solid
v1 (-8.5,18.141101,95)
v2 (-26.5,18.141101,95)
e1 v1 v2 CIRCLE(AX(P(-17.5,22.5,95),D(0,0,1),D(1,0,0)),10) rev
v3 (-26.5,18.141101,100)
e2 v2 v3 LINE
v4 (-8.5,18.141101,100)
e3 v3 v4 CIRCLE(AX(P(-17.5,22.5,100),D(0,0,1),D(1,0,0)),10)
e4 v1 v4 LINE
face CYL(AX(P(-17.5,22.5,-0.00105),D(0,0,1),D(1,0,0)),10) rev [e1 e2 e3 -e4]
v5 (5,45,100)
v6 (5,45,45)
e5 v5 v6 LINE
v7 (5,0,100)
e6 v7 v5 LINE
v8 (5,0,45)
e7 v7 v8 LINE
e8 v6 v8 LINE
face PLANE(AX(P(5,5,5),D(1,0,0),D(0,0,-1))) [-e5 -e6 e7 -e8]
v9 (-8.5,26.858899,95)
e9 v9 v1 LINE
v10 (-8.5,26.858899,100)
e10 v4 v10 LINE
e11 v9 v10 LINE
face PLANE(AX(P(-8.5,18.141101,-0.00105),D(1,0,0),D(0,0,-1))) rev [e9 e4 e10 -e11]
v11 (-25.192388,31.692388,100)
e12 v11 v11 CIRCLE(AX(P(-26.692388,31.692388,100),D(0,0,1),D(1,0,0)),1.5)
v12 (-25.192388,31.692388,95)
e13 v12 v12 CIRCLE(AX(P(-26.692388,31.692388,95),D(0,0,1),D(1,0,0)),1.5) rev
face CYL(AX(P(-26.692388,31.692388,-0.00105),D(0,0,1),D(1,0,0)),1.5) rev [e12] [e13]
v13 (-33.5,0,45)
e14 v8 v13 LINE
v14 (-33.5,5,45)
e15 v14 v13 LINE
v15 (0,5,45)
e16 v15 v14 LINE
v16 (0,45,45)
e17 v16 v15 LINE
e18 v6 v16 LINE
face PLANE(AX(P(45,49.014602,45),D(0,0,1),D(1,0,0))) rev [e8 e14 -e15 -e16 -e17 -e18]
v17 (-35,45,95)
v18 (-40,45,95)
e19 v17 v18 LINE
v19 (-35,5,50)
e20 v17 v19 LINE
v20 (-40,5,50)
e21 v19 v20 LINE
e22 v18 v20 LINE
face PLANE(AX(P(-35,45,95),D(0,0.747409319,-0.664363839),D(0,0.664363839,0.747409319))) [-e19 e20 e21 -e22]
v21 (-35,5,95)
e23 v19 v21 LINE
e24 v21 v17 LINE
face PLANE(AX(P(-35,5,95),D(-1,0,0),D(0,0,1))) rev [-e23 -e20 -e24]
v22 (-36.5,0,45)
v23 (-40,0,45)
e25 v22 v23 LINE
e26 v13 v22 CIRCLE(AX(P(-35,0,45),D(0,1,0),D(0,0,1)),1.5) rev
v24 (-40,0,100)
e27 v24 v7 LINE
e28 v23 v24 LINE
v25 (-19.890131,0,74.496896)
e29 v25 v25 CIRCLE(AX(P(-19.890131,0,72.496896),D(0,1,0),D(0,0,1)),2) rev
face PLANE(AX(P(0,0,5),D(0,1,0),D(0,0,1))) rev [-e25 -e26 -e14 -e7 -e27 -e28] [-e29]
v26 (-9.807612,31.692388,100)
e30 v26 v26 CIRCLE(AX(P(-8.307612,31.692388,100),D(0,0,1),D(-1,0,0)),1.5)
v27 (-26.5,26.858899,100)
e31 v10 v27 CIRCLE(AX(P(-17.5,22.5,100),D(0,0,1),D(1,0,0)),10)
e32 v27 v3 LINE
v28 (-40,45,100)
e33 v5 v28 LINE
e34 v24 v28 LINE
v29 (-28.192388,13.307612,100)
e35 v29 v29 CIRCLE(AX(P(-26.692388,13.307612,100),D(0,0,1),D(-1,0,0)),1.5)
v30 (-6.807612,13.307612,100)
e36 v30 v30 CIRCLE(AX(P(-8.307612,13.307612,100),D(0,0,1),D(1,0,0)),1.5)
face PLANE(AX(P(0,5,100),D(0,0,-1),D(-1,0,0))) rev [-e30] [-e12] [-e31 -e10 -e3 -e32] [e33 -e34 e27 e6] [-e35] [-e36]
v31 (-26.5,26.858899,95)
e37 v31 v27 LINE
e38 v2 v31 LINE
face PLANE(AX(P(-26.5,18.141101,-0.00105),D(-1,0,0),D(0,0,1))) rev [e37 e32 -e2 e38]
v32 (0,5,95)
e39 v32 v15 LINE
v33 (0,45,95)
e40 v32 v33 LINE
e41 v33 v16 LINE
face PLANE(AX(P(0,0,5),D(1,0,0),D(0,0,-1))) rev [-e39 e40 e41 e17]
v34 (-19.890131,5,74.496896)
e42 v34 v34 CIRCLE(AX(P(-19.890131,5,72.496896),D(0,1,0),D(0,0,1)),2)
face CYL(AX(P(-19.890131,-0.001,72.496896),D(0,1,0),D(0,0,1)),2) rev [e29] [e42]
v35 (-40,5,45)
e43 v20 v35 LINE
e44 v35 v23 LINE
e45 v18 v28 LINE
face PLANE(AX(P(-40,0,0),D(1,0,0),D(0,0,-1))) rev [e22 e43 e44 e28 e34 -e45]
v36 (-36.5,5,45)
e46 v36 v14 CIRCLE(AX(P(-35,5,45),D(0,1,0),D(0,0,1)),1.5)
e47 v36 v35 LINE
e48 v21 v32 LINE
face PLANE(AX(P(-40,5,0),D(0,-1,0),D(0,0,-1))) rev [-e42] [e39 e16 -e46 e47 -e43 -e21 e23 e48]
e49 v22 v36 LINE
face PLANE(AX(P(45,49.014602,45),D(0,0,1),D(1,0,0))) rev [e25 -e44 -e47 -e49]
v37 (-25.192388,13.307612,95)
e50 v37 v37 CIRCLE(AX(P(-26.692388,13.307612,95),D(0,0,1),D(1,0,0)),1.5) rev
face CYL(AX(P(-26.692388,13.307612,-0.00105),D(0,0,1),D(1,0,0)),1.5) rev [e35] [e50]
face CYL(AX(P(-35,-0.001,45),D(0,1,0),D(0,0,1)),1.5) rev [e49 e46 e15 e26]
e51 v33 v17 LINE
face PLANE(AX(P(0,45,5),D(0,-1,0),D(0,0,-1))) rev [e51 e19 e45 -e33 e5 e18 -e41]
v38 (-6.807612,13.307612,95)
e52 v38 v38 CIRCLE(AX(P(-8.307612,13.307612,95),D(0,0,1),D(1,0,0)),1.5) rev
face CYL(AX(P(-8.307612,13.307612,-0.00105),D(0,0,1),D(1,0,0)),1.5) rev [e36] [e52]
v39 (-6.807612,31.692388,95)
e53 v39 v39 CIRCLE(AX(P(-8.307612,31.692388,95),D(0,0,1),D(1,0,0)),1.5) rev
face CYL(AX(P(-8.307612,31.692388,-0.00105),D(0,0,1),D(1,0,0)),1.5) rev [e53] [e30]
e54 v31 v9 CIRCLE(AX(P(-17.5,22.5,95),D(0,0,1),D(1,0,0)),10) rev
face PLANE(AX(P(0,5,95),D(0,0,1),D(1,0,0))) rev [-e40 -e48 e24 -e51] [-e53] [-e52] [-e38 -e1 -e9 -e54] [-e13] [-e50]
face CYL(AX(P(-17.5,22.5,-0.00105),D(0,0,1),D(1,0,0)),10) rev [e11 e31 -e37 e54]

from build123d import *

# Parameters (mm, degrees)
ESQUISSE1_W             = 45
ESQUISSE1_H             = 45
ESQUISSE1_R             = 1.5
EXTRUSION1_DEPTH        = 5
ESQUISSE2_W             = 45
ESQUISSE2_H             = 5
EXTRUSION2_DEPTH        = 95
EXTRUSION3_DEPTH        = 5
ESQUISSE4_W             = 95
ESQUISSE4_H             = 40
EXTRUSION4_DEPTH        = 5
ESQUISSE5_W             = 100
ESQUISSE5_H             = 5
EXTRUSION5_DEPTH        = 40
ESQUISSE6_W             = 40
ESQUISSE6_H             = 40
EXTRUSION6_DEPTH        = 5
EXTRUSION7_DEPTH        = 5
ENL_V_MAT_EXTRU_1_REACH = 102
ESQUISSE8_R             = 1.5
ENL_V_MAT_EXTRU_2_REACH = 7
ESQUISSE9_R             = 1.5
ESQUISSE10_W            = 88.935907412
ESQUISSE10_H            = 49.014601793
ENL_V_MAT_EXTRU_3_DEPTH = 45
ESQUISSE11_W            = 62.142779394
ESQUISSE11_H            = 38.028527447
ENL_V_MAT_EXTRU_4_DEPTH = 40
ENL_V_MAT_EXTRU_5_REACH = 7
ESQUISSE12_R            = 2


with BuildPart() as part:
    # Esquisse1 → Extrusion1 (new body)
    with BuildSketch(Plane.XY):
        with Locations((22.5, 22.5)):
            Rectangle(ESQUISSE1_W, ESQUISSE1_H)
        with Locations((31.692388155, 31.692388155)):
            Circle(ESQUISSE1_R, mode=Mode.SUBTRACT)
        with Locations((31.692388155, 13.307611845)):
            Circle(ESQUISSE1_R, mode=Mode.SUBTRACT)
        with Locations((13.307611845, 13.307611845)):
            Circle(ESQUISSE1_R, mode=Mode.SUBTRACT)
        with Locations((13.307611845, 31.692388155)):
            Circle(ESQUISSE1_R, mode=Mode.SUBTRACT)
        with BuildLine():
            Line((13.5, 26.858898944), (13.5, 18.141101056))
            ThreePointArc((13.5, 18.141101056), (22.5, 12.5), (31.5, 18.141101056))
            Line((31.5, 18.141101056), (31.5, 26.858898944))
            ThreePointArc((31.5, 26.858898944), (22.5, 32.5), (13.5, 26.858898944))
        make_face(mode=Mode.SUBTRACT)
    extrude(amount=EXTRUSION1_DEPTH)

    # Esquisse2 → Extrusion2 (add)
    with BuildSketch(Plane.XY.offset(5)):
        with Locations((22.5, 2.5)):
            Rectangle(ESQUISSE2_W, ESQUISSE2_H)
    extrude(amount=EXTRUSION2_DEPTH)

    # Esquisse3 → Extrusion3 (add)
    with BuildSketch(Plane(origin=(45, 0, 0), x_dir=(0, 0, -1), z_dir=(1, 0, 0))):
        Polygon((-5, 5), (-5, 45), (-50, 5), align=None)
    extrude(amount=-EXTRUSION3_DEPTH)

    # Esquisse4 → Extrusion4 (add)
    with BuildSketch(Plane.ZY):
        with Locations((52.5, 25)):
            Rectangle(ESQUISSE4_W, ESQUISSE4_H)
    extrude(amount=-EXTRUSION4_DEPTH)

    # Esquisse5 → Extrusion5 (add)
    with BuildSketch(Plane.ZY):
        with Locations((50, 2.5)):
            Rectangle(ESQUISSE5_W, ESQUISSE5_H)
    extrude(amount=EXTRUSION5_DEPTH)

    # Esquisse6 → Extrusion6 (add)
    with BuildSketch(Plane.XY.offset(100)):
        with Locations((-20, 25)):
            Rectangle(ESQUISSE6_W, ESQUISSE6_H)
    extrude(amount=-EXTRUSION6_DEPTH)

    # Esquisse7 → Extrusion7 (add)
    with BuildSketch(Plane.ZY.offset(40)):
        Polygon((95, 5), (95, 45), (50, 5), align=None)
    extrude(amount=-EXTRUSION7_DEPTH)

    # Esquisse8 → Enlèv. mat.-Extru.1 (cut, up to next)
    with BuildSketch(Plane.XY.offset(100), mode=Mode.PRIVATE) as enl_v_mat_extru_1_sk1:
        with Locations((-26.692388155, 31.692388155)):
            Circle(ESQUISSE8_R)
    enl_v_mat_extru_1_tool1 = extrude(enl_v_mat_extru_1_sk1.sketch, amount=-ENL_V_MAT_EXTRU_1_REACH, mode=Mode.PRIVATE) & part.part
    add(enl_v_mat_extru_1_tool1.solids().sort_by_distance((-26.692388, 31.692388, 100))[0], mode=Mode.SUBTRACT)
    # Esquisse8 → Enlèv. mat.-Extru.1 (cut, up to next)
    with BuildSketch(Plane.XY.offset(100), mode=Mode.PRIVATE) as enl_v_mat_extru_1_sk2:
        with Locations((-26.692388155, 13.307611845)):
            Circle(ESQUISSE8_R)
    enl_v_mat_extru_1_tool2 = extrude(enl_v_mat_extru_1_sk2.sketch, amount=-ENL_V_MAT_EXTRU_1_REACH, mode=Mode.PRIVATE) & part.part
    add(enl_v_mat_extru_1_tool2.solids().sort_by_distance((-26.692388, 13.307612, 100))[0], mode=Mode.SUBTRACT)
    # Esquisse8 → Enlèv. mat.-Extru.1 (cut, up to next)
    with BuildSketch(Plane.XY.offset(100), mode=Mode.PRIVATE) as enl_v_mat_extru_1_sk3:
        with Locations((-8.307611845, 13.307611845)):
            Circle(ESQUISSE8_R)
    enl_v_mat_extru_1_tool3 = extrude(enl_v_mat_extru_1_sk3.sketch, amount=-ENL_V_MAT_EXTRU_1_REACH, mode=Mode.PRIVATE) & part.part
    add(enl_v_mat_extru_1_tool3.solids().sort_by_distance((-8.307612, 13.307612, 100))[0], mode=Mode.SUBTRACT)
    # Esquisse8 → Enlèv. mat.-Extru.1 (cut, up to next)
    with BuildSketch(Plane.XY.offset(100), mode=Mode.PRIVATE) as enl_v_mat_extru_1_sk4:
        with Locations((-8.307611845, 31.692388155)):
            Circle(ESQUISSE8_R)
    enl_v_mat_extru_1_tool4 = extrude(enl_v_mat_extru_1_sk4.sketch, amount=-ENL_V_MAT_EXTRU_1_REACH, mode=Mode.PRIVATE) & part.part
    add(enl_v_mat_extru_1_tool4.solids().sort_by_distance((-8.307612, 31.692388, 100))[0], mode=Mode.SUBTRACT)
    # Esquisse8 → Enlèv. mat.-Extru.1 (cut, up to next)
    with BuildSketch(Plane.XY.offset(100), mode=Mode.PRIVATE) as enl_v_mat_extru_1_sk5:
        with BuildLine():
            Line((-26.5, 18.141101056), (-26.5, 26.858898944))
            ThreePointArc((-26.5, 26.858898944), (-17.5, 32.5), (-8.5, 26.858898944))
            Line((-8.5, 26.858898944), (-8.5, 18.141101056))
            ThreePointArc((-8.5, 18.141101056), (-17.5, 12.5), (-26.5, 18.141101056))
        make_face()
    enl_v_mat_extru_1_tool5 = extrude(enl_v_mat_extru_1_sk5.sketch, amount=-ENL_V_MAT_EXTRU_1_REACH, mode=Mode.PRIVATE) & part.part
    add(enl_v_mat_extru_1_tool5.solids().sort_by_distance((-17.5, 22.5, 100))[0], mode=Mode.SUBTRACT)

    # Esquisse9 → Enlèv. mat.-Extru.2 (cut, up to next)
    with BuildSketch(Plane(origin=(0, 5, 0), x_dir=(-1, 0, 0), z_dir=(0, 1, 0)), mode=Mode.PRIVATE) as enl_v_mat_extru_2_sk1:
        with Locations((-40, 95)):
            Circle(ESQUISSE9_R)
    enl_v_mat_extru_2_tool1 = extrude(enl_v_mat_extru_2_sk1.sketch, amount=-ENL_V_MAT_EXTRU_2_REACH, mode=Mode.PRIVATE) & part.part
    add(enl_v_mat_extru_2_tool1.solids().sort_by_distance((40, 5, 95))[0], mode=Mode.SUBTRACT)
    # Esquisse9 → Enlèv. mat.-Extru.2 (cut, up to next)
    with BuildSketch(Plane(origin=(0, 5, 0), x_dir=(-1, 0, 0), z_dir=(0, 1, 0)), mode=Mode.PRIVATE) as enl_v_mat_extru_2_sk2:
        with Locations((-10, 95)):
            Circle(ESQUISSE9_R)
    enl_v_mat_extru_2_tool2 = extrude(enl_v_mat_extru_2_sk2.sketch, amount=-ENL_V_MAT_EXTRU_2_REACH, mode=Mode.PRIVATE) & part.part
    add(enl_v_mat_extru_2_tool2.solids().sort_by_distance((10, 5, 95))[0], mode=Mode.SUBTRACT)
    # Esquisse9 → Enlèv. mat.-Extru.2 (cut, up to next)
    with BuildSketch(Plane(origin=(0, 5, 0), x_dir=(-1, 0, 0), z_dir=(0, 1, 0)), mode=Mode.PRIVATE) as enl_v_mat_extru_2_sk3:
        with Locations((35, 5)):
            Circle(ESQUISSE9_R)
    enl_v_mat_extru_2_tool3 = extrude(enl_v_mat_extru_2_sk3.sketch, amount=-ENL_V_MAT_EXTRU_2_REACH, mode=Mode.PRIVATE) & part.part
    add(enl_v_mat_extru_2_tool3.solids().sort_by_distance((-35, 5, 5))[0], mode=Mode.SUBTRACT)
    # Esquisse9 → Enlèv. mat.-Extru.2 (cut, up to next)
    with BuildSketch(Plane(origin=(0, 5, 0), x_dir=(-1, 0, 0), z_dir=(0, 1, 0)), mode=Mode.PRIVATE) as enl_v_mat_extru_2_sk4:
        with Locations((5, 5)):
            Circle(ESQUISSE9_R)
    enl_v_mat_extru_2_tool4 = extrude(enl_v_mat_extru_2_sk4.sketch, amount=-ENL_V_MAT_EXTRU_2_REACH, mode=Mode.PRIVATE) & part.part
    add(enl_v_mat_extru_2_tool4.solids().sort_by_distance((-5, 5, 5))[0], mode=Mode.SUBTRACT)
    # Esquisse9 → Enlèv. mat.-Extru.2 (cut, up to next)
    with BuildSketch(Plane(origin=(0, 5, 0), x_dir=(-1, 0, 0), z_dir=(0, 1, 0)), mode=Mode.PRIVATE) as enl_v_mat_extru_2_sk5:
        with Locations((-40, 55)):
            Circle(ESQUISSE9_R)
    enl_v_mat_extru_2_tool5 = extrude(enl_v_mat_extru_2_sk5.sketch, amount=-ENL_V_MAT_EXTRU_2_REACH, mode=Mode.PRIVATE) & part.part
    add(enl_v_mat_extru_2_tool5.solids().sort_by_distance((40, 5, 55))[0], mode=Mode.SUBTRACT)
    # Esquisse9 → Enlèv. mat.-Extru.2 (cut, up to next)
    with BuildSketch(Plane(origin=(0, 5, 0), x_dir=(-1, 0, 0), z_dir=(0, 1, 0)), mode=Mode.PRIVATE) as enl_v_mat_extru_2_sk6:
        with Locations((35, 45)):
            Circle(ESQUISSE9_R)
    enl_v_mat_extru_2_tool6 = extrude(enl_v_mat_extru_2_sk6.sketch, amount=-ENL_V_MAT_EXTRU_2_REACH, mode=Mode.PRIVATE) & part.part
    add(enl_v_mat_extru_2_tool6.solids().sort_by_distance((-35, 5, 45))[0], mode=Mode.SUBTRACT)

    # Esquisse10 → Enlèv. mat.-Extru.3 (cut)
    with BuildSketch(Plane(origin=(0, 0, 0), x_dir=(-1, 0, 0), z_dir=(0, 0, -1))):
        with Locations((-0.532046294, 24.507300897)):
            Rectangle(ESQUISSE10_W, ESQUISSE10_H)
    extrude(amount=-ENL_V_MAT_EXTRU_3_DEPTH, mode=Mode.SUBTRACT)

    # Esquisse11 → Enlèv. mat.-Extru.4 (cut)
    with BuildSketch(Plane(origin=(45, 0, 0), x_dir=(0, 0, -1), z_dir=(1, 0, 0))):
        with Locations((-68.928610303, 19.014263724)):
            Rectangle(ESQUISSE11_W, ESQUISSE11_H)
    extrude(amount=-ENL_V_MAT_EXTRU_4_DEPTH, mode=Mode.SUBTRACT)

    # Esquisse12 → Enlèv. mat.-Extru.5 (cut, up to next)
    with BuildSketch(Plane(origin=(0, 5, 0), x_dir=(-1, 0, 0), z_dir=(0, 1, 0)), mode=Mode.PRIVATE) as enl_v_mat_extru_5_sk1:
        with Locations((19.890130801, 72.49689605)):
            Circle(ESQUISSE12_R)
    enl_v_mat_extru_5_tool1 = extrude(enl_v_mat_extru_5_sk1.sketch, amount=-ENL_V_MAT_EXTRU_5_REACH, mode=Mode.PRIVATE) & part.part
    add(enl_v_mat_extru_5_tool1.solids().sort_by_distance((-19.890131, 5, 72.496896))[0], mode=Mode.SUBTRACT)


solid = part.part
